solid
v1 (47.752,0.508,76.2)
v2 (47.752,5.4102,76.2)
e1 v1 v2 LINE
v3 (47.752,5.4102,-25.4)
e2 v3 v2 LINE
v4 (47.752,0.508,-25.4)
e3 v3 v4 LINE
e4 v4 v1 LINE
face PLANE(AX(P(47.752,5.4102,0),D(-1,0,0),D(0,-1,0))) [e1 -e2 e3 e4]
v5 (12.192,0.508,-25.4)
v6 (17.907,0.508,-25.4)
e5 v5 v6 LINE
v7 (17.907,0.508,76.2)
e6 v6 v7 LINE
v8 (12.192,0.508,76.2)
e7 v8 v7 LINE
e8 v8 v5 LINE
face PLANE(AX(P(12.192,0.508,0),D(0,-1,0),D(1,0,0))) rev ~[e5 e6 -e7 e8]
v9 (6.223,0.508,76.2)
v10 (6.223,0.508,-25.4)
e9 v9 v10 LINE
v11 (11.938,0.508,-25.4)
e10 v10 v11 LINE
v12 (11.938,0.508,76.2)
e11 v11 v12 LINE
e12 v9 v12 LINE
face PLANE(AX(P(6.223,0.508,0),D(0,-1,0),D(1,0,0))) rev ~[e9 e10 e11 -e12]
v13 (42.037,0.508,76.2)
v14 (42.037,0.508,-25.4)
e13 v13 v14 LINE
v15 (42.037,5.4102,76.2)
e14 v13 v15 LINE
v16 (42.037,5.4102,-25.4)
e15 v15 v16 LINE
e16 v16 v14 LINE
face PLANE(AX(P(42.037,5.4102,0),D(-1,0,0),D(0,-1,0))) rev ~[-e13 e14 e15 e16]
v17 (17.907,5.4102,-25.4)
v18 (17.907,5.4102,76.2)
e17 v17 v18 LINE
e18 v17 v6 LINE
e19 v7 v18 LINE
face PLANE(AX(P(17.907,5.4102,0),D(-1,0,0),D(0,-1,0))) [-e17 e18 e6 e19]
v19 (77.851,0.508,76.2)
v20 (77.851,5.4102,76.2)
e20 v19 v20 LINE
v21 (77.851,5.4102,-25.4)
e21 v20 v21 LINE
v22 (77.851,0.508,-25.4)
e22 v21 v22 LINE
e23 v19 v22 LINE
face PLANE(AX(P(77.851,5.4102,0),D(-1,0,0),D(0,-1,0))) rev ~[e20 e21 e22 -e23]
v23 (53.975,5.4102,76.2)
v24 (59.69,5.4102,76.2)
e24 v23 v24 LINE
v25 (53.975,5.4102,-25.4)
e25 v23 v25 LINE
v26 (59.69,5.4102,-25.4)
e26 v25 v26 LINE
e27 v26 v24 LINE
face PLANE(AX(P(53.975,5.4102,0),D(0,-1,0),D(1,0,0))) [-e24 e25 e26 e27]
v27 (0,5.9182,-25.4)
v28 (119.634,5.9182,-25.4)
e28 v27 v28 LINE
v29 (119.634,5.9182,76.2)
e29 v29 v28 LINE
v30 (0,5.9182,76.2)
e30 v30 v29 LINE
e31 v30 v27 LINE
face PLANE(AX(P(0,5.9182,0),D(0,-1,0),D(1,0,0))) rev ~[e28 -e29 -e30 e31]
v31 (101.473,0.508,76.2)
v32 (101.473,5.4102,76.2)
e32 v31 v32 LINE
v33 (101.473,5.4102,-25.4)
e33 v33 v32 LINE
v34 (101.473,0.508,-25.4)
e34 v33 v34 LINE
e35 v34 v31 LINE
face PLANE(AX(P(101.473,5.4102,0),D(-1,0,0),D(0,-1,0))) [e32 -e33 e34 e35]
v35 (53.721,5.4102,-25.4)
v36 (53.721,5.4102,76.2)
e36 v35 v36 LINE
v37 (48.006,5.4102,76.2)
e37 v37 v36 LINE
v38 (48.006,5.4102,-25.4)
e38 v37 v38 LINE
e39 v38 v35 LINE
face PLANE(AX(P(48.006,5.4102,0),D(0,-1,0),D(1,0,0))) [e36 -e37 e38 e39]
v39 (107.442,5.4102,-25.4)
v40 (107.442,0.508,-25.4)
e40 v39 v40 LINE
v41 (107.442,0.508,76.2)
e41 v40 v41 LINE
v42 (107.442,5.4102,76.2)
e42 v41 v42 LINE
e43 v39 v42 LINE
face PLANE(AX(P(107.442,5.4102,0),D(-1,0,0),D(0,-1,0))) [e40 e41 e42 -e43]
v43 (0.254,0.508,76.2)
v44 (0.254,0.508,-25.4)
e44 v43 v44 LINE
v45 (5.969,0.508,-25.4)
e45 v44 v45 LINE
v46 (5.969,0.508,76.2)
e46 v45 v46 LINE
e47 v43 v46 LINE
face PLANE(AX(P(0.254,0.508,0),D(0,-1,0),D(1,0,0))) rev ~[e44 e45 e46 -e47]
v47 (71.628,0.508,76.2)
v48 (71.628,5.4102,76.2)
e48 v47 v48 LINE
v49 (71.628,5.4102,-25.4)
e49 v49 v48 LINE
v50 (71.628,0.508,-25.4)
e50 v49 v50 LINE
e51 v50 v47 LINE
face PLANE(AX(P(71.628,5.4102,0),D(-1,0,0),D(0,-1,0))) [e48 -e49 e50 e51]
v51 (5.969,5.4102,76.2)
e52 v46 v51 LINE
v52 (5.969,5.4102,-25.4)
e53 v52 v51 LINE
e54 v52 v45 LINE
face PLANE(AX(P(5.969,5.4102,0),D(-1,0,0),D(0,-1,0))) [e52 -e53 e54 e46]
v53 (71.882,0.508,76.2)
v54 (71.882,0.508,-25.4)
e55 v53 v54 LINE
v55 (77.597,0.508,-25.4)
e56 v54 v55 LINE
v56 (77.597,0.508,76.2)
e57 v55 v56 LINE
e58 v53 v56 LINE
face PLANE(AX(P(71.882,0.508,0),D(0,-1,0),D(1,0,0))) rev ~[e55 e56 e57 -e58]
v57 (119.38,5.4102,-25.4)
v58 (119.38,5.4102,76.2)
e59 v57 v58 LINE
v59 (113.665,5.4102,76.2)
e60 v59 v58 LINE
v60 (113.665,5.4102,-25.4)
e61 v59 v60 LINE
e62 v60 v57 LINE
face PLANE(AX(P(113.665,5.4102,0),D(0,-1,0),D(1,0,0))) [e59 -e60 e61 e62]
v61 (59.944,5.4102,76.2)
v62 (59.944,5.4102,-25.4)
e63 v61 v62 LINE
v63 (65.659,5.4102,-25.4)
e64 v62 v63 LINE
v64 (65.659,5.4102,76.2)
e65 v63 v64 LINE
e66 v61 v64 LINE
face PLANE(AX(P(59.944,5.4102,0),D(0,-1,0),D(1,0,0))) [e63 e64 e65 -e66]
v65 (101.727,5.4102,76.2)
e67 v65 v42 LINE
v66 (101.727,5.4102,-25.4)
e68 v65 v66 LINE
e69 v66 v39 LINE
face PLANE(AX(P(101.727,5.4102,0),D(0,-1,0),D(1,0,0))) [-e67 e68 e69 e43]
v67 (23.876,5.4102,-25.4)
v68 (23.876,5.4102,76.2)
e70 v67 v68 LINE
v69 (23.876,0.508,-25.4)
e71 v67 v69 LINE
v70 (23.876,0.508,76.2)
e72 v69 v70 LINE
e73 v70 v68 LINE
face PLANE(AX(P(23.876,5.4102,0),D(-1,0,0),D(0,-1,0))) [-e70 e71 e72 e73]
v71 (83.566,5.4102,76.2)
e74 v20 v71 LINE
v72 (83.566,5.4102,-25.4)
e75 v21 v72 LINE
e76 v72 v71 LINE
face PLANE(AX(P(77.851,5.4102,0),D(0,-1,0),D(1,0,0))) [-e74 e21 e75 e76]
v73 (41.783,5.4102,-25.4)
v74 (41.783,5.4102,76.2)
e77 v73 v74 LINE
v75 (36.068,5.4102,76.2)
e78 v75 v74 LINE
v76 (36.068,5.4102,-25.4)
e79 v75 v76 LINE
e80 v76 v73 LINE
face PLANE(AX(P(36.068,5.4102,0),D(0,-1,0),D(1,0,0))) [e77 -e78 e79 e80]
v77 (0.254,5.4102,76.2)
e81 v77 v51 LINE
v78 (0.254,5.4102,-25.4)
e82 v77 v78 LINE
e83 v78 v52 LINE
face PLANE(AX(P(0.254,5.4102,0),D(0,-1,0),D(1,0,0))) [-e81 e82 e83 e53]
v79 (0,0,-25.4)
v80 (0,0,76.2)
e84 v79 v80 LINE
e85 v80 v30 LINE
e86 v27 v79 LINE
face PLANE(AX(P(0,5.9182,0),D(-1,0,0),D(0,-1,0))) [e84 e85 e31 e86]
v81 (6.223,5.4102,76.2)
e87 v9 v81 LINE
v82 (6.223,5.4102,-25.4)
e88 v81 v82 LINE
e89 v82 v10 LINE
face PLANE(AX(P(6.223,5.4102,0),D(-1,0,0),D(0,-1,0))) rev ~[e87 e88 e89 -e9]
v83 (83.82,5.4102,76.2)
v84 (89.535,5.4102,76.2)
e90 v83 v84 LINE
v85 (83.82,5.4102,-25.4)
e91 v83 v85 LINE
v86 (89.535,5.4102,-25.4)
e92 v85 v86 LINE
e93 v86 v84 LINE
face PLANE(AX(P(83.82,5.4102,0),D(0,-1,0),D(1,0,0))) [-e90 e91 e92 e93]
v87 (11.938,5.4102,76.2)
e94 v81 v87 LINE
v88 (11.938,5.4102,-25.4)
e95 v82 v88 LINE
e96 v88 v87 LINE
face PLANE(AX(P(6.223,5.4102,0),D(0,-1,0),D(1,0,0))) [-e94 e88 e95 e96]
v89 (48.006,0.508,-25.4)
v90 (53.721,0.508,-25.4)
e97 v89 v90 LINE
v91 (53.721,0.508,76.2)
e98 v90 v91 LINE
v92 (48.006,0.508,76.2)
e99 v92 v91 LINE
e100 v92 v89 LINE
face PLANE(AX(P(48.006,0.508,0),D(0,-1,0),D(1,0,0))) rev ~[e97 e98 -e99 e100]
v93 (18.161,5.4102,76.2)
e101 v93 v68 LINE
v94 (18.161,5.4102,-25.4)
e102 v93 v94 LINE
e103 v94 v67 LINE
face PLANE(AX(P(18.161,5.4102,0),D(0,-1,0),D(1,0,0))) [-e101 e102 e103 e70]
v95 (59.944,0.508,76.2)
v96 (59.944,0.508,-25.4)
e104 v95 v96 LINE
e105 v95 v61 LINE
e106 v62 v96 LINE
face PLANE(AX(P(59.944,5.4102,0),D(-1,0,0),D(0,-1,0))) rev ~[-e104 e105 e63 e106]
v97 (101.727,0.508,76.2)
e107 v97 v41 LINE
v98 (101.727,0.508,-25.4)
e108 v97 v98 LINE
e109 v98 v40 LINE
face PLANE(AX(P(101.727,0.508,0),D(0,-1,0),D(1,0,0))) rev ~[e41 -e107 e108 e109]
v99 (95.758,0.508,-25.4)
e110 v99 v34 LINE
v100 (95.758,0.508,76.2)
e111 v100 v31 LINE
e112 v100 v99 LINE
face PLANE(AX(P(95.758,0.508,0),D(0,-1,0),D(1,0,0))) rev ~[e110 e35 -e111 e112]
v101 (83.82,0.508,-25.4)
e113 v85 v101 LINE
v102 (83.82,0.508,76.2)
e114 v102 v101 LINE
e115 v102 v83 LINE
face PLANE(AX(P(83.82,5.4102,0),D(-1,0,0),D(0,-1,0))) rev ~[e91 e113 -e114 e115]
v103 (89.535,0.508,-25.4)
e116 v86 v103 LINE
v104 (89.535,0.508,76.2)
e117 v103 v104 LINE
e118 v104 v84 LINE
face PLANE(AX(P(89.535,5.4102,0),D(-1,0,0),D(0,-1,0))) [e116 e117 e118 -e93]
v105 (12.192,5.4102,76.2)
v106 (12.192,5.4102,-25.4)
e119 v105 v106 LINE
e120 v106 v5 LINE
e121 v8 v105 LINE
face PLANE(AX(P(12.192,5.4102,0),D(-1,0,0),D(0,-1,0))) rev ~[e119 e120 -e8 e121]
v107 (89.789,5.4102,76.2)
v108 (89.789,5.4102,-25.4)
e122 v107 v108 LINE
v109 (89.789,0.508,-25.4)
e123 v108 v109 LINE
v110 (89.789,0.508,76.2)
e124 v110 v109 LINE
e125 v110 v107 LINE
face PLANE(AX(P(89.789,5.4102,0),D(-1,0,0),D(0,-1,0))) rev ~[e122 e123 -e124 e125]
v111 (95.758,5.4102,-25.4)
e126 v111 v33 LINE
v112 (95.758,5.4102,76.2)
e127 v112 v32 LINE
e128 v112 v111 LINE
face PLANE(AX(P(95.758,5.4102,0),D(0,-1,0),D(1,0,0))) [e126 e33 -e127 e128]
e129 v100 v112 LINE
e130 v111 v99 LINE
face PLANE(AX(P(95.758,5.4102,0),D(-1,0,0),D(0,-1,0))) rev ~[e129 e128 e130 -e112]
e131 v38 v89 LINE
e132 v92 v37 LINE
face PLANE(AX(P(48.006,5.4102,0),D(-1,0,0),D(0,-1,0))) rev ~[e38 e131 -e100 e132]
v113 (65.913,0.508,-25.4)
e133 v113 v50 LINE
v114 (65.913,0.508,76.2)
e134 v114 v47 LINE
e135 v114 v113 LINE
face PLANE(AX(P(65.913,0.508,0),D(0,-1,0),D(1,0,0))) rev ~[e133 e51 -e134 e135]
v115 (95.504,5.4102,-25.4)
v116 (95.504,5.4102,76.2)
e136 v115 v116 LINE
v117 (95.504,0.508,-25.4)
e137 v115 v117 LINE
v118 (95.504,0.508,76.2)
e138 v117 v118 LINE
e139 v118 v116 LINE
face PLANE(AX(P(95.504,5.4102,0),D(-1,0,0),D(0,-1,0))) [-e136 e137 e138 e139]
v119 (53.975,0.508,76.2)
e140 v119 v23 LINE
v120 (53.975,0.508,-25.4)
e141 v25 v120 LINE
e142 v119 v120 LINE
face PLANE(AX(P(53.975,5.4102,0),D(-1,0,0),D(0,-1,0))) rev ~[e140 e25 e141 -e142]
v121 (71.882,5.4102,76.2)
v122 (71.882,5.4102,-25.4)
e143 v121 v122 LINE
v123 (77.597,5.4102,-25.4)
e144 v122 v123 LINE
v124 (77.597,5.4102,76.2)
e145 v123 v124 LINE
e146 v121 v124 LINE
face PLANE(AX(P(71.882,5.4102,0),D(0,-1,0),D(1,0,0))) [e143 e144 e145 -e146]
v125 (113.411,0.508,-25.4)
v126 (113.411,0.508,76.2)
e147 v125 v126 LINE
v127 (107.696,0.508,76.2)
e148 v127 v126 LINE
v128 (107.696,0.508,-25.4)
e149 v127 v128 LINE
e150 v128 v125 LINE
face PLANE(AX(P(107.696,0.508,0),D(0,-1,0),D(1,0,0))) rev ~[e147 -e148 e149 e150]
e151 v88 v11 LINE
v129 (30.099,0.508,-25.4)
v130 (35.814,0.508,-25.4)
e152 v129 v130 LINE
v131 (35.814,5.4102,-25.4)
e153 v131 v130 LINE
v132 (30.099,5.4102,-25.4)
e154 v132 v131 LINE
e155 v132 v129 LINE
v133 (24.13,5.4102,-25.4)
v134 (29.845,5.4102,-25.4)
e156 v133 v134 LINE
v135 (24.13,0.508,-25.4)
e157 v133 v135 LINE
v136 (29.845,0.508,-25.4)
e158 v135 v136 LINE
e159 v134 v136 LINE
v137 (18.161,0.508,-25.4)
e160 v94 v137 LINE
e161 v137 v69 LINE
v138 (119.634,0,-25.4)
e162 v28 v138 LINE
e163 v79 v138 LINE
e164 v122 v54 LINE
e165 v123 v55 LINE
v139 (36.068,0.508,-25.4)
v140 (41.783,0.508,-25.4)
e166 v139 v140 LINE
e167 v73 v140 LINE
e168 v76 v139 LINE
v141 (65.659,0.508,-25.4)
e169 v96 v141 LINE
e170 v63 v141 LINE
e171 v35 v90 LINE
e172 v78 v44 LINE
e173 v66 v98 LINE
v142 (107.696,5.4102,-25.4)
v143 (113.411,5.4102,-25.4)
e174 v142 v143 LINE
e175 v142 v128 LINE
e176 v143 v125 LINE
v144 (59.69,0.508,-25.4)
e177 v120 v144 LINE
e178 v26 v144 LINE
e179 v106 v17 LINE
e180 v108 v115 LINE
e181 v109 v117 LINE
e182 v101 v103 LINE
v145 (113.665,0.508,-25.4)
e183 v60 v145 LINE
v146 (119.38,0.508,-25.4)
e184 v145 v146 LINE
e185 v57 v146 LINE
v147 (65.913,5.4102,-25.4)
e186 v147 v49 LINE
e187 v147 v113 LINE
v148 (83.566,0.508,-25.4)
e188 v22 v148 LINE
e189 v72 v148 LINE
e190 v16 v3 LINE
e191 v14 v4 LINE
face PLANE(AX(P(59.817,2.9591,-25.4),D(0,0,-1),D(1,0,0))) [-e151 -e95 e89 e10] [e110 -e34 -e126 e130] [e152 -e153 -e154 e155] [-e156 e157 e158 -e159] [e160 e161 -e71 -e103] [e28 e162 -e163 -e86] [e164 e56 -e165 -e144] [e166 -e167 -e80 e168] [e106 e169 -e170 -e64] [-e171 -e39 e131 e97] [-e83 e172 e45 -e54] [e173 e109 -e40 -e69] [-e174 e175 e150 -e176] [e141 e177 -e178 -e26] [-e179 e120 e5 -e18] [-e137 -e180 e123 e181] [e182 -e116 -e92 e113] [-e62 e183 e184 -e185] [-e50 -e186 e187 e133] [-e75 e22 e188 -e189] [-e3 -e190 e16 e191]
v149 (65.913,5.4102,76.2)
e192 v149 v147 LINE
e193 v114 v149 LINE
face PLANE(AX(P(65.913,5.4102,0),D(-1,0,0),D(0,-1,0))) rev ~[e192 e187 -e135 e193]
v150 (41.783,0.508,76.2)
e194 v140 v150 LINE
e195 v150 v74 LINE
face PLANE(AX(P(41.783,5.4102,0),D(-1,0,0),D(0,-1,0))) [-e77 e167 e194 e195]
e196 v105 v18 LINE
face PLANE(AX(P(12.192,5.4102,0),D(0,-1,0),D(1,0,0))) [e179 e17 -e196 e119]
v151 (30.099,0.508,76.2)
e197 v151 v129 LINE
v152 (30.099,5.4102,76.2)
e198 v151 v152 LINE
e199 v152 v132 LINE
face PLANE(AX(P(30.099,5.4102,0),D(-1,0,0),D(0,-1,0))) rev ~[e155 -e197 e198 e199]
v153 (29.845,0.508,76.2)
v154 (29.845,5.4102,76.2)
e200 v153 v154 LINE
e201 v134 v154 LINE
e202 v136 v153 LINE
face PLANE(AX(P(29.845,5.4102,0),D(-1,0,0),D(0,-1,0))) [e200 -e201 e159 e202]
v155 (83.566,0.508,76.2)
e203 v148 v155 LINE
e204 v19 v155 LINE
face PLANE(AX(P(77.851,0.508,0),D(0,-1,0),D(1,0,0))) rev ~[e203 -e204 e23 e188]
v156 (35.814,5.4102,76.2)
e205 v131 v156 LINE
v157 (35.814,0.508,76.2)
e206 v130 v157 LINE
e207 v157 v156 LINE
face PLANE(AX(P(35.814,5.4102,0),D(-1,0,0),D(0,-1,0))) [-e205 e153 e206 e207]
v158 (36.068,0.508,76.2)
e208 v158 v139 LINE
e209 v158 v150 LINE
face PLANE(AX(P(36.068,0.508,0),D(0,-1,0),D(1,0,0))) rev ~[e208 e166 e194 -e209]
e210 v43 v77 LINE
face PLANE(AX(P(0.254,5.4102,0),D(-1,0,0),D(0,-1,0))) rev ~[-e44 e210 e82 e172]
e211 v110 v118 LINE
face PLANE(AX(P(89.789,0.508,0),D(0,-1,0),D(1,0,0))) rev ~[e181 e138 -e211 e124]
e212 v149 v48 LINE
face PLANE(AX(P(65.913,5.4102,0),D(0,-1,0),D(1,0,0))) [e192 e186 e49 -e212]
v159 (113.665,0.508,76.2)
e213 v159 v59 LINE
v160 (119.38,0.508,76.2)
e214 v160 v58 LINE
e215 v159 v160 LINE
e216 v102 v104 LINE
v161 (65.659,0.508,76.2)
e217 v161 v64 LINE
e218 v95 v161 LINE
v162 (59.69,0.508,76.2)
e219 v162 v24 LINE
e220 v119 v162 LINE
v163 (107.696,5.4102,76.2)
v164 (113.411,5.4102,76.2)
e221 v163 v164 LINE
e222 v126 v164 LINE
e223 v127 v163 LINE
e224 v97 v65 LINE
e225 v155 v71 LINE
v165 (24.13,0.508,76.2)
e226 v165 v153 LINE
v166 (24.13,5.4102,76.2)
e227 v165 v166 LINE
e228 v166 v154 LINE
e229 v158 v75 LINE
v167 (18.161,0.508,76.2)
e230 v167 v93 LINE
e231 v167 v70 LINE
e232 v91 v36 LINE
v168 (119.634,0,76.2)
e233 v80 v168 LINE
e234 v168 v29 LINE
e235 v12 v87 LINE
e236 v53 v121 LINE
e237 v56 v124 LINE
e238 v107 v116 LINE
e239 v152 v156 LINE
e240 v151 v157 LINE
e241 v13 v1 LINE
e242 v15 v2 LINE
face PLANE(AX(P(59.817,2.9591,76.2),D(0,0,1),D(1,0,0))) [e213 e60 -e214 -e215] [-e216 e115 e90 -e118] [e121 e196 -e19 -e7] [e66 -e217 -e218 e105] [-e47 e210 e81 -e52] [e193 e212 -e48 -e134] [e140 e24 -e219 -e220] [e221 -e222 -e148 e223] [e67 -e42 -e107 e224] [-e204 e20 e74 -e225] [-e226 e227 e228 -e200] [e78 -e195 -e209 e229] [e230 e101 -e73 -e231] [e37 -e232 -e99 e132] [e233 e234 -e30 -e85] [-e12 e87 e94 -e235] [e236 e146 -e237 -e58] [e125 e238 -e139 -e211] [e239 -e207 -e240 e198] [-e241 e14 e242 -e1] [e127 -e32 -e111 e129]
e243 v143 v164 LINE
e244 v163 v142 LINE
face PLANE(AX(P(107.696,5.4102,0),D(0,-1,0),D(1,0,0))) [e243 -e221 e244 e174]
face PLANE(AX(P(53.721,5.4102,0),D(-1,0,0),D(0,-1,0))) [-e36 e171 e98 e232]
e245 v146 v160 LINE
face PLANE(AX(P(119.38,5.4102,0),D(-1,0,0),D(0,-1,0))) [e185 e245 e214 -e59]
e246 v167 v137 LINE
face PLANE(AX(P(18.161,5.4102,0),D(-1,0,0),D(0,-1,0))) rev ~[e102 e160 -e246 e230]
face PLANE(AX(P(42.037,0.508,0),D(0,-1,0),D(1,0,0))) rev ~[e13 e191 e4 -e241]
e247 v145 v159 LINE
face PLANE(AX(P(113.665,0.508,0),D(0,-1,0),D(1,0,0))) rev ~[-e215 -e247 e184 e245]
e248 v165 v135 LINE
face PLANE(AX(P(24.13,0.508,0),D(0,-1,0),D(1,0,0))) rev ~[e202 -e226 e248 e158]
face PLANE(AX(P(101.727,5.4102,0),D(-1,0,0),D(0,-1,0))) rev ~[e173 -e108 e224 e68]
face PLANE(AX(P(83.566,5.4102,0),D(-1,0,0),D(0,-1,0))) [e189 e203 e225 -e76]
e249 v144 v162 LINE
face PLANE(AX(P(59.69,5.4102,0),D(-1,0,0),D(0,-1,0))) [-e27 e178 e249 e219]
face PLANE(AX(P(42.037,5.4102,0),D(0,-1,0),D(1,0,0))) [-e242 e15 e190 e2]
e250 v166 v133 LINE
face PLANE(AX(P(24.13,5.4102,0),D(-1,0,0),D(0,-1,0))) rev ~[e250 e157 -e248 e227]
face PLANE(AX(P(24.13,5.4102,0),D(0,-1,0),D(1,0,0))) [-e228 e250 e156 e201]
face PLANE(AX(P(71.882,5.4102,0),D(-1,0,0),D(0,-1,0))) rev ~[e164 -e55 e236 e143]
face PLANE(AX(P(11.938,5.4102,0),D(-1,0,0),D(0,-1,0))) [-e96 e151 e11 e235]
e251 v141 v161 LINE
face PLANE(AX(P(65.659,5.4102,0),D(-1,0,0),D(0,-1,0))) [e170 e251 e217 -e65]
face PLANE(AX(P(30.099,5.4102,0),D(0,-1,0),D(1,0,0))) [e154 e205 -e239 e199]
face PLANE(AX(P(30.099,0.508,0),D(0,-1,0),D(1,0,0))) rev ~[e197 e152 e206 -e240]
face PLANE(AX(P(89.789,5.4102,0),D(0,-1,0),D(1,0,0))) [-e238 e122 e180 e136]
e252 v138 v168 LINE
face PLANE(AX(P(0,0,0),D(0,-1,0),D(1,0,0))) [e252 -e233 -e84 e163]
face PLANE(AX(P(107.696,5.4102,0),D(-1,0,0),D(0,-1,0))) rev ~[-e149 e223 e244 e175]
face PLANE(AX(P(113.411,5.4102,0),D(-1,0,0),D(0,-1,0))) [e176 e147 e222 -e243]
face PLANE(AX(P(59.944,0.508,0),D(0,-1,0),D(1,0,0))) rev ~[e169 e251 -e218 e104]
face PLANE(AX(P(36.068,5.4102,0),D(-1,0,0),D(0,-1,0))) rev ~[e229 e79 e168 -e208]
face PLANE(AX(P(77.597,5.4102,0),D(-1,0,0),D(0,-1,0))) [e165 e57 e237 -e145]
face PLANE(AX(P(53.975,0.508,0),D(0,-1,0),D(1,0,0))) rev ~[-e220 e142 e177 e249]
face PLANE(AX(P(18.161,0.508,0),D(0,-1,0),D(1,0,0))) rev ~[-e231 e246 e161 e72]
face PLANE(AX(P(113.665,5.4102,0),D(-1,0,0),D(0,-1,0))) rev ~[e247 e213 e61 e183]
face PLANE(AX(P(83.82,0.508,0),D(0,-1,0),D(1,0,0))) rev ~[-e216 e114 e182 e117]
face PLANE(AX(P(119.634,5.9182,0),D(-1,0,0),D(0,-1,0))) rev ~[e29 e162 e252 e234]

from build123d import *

# Parameters (mm, degrees)
F0_W        = 119.634
F0_H        = 5.9182
F0_W_2      = 5.715
F0_H_2      = 4.9022
F1_DEPTH    = 76.2
F1_FACE_W   = 119.634
F1_FACE_H   = 5.9182
F1_FACE_W_2 = 5.715
F1_FACE_H_2 = 4.9022
F2_DEPTH    = 25.4


with BuildPart() as f1:
    # F0 (on Top) → F1 (new body)
    with BuildSketch(Plane.XY):
        with Locations((59.817, 2.9591)):
            Rectangle(F0_W, F0_H)
        with Locations((3.1115, 2.9591)):
            Rectangle(F0_W_2, F0_H_2, mode=Mode.SUBTRACT)
        with Locations((9.0805, 2.9591)):
            Rectangle(F0_W_2, F0_H_2, mode=Mode.SUBTRACT)
        with Locations((15.0495, 2.9591)):
            Rectangle(F0_W_2, F0_H_2, mode=Mode.SUBTRACT)
        with Locations((21.0185, 2.9591)):
            Rectangle(F0_W_2, F0_H_2, mode=Mode.SUBTRACT)
        with Locations((26.9875, 2.9591)):
            Rectangle(F0_W_2, F0_H_2, mode=Mode.SUBTRACT)
        with Locations((32.9565, 2.9591)):
            Rectangle(F0_W_2, F0_H_2, mode=Mode.SUBTRACT)
        with Locations((38.9255, 2.9591)):
            Rectangle(F0_W_2, F0_H_2, mode=Mode.SUBTRACT)
        with Locations((44.8945, 2.9591)):
            Rectangle(F0_W_2, F0_H_2, mode=Mode.SUBTRACT)
        with Locations((50.8635, 2.9591)):
            Rectangle(F0_W_2, F0_H_2, mode=Mode.SUBTRACT)
        with Locations((56.8325, 2.9591)):
            Rectangle(F0_W_2, F0_H_2, mode=Mode.SUBTRACT)
        with Locations((62.8015, 2.9591)):
            Rectangle(F0_W_2, F0_H_2, mode=Mode.SUBTRACT)
        with Locations((68.7705, 2.9591)):
            Rectangle(F0_W_2, F0_H_2, mode=Mode.SUBTRACT)
        with Locations((74.7395, 2.9591)):
            Rectangle(F0_W_2, F0_H_2, mode=Mode.SUBTRACT)
        with Locations((80.7085, 2.9591)):
            Rectangle(F0_W_2, F0_H_2, mode=Mode.SUBTRACT)
        with Locations((86.6775, 2.9591)):
            Rectangle(F0_W_2, F0_H_2, mode=Mode.SUBTRACT)
        with Locations((92.6465, 2.9591)):
            Rectangle(F0_W_2, F0_H_2, mode=Mode.SUBTRACT)
        with Locations((98.6155, 2.9591)):
            Rectangle(F0_W_2, F0_H_2, mode=Mode.SUBTRACT)
        with Locations((104.5845, 2.9591)):
            Rectangle(F0_W_2, F0_H_2, mode=Mode.SUBTRACT)
        with Locations((110.5535, 2.9591)):
            Rectangle(F0_W_2, F0_H_2, mode=Mode.SUBTRACT)
        with Locations((116.5225, 2.9591)):
            Rectangle(F0_W_2, F0_H_2, mode=Mode.SUBTRACT)
    extrude(amount=F1_DEPTH)

    # F1_face (on face) → F2 (join)
    with BuildSketch(Plane(origin=(59.817, 2.9591, 0), x_dir=(1, 0, 0), z_dir=(0, 0, -1))):
        Rectangle(F1_FACE_W, F1_FACE_H)
        with Locations((-56.7055, 0)):
            Rectangle(F1_FACE_W_2, F1_FACE_H_2, mode=Mode.SUBTRACT)
        with Locations((-50.7365, 0)):
            Rectangle(F1_FACE_W_2, F1_FACE_H_2, mode=Mode.SUBTRACT)
        with Locations((-44.7675, 0)):
            Rectangle(F1_FACE_W_2, F1_FACE_H_2, mode=Mode.SUBTRACT)
        with Locations((-38.7985, 0)):
            Rectangle(F1_FACE_W_2, F1_FACE_H_2, mode=Mode.SUBTRACT)
        with Locations((-32.8295, 0)):
            Rectangle(F1_FACE_W_2, F1_FACE_H_2, mode=Mode.SUBTRACT)
        with Locations((-26.8605, 0)):
            Rectangle(F1_FACE_W_2, F1_FACE_H_2, mode=Mode.SUBTRACT)
        with Locations((-20.8915, 0)):
            Rectangle(F1_FACE_W_2, F1_FACE_H_2, mode=Mode.SUBTRACT)
        with Locations((-14.9225, 0)):
            Rectangle(F1_FACE_W_2, F1_FACE_H_2, mode=Mode.SUBTRACT)
        with Locations((-8.9535, 0)):
            Rectangle(F1_FACE_W_2, F1_FACE_H_2, mode=Mode.SUBTRACT)
        with Locations((-2.9845, 0)):
            Rectangle(F1_FACE_W_2, F1_FACE_H_2, mode=Mode.SUBTRACT)
        with Locations((2.9845, 0)):
            Rectangle(F1_FACE_W_2, F1_FACE_H_2, mode=Mode.SUBTRACT)
        with Locations((8.9535, 0)):
            Rectangle(F1_FACE_W_2, F1_FACE_H_2, mode=Mode.SUBTRACT)
        with Locations((14.9225, 0)):
            Rectangle(F1_FACE_W_2, F1_FACE_H_2, mode=Mode.SUBTRACT)
        with Locations((20.8915, 0)):
            Rectangle(F1_FACE_W_2, F1_FACE_H_2, mode=Mode.SUBTRACT)
        with Locations((26.8605, 0)):
            Rectangle(F1_FACE_W_2, F1_FACE_H_2, mode=Mode.SUBTRACT)
        with Locations((32.8295, 0)):
            Rectangle(F1_FACE_W_2, F1_FACE_H_2, mode=Mode.SUBTRACT)
        with Locations((38.7985, 0)):
            Rectangle(F1_FACE_W_2, F1_FACE_H_2, mode=Mode.SUBTRACT)
        with Locations((44.7675, 0)):
            Rectangle(F1_FACE_W_2, F1_FACE_H_2, mode=Mode.SUBTRACT)
        with Locations((50.7365, 0)):
            Rectangle(F1_FACE_W_2, F1_FACE_H_2, mode=Mode.SUBTRACT)
        with Locations((56.7055, 0)):
            Rectangle(F1_FACE_W_2, F1_FACE_H_2, mode=Mode.SUBTRACT)
    extrude(amount=F2_DEPTH)


solid = f1.part
